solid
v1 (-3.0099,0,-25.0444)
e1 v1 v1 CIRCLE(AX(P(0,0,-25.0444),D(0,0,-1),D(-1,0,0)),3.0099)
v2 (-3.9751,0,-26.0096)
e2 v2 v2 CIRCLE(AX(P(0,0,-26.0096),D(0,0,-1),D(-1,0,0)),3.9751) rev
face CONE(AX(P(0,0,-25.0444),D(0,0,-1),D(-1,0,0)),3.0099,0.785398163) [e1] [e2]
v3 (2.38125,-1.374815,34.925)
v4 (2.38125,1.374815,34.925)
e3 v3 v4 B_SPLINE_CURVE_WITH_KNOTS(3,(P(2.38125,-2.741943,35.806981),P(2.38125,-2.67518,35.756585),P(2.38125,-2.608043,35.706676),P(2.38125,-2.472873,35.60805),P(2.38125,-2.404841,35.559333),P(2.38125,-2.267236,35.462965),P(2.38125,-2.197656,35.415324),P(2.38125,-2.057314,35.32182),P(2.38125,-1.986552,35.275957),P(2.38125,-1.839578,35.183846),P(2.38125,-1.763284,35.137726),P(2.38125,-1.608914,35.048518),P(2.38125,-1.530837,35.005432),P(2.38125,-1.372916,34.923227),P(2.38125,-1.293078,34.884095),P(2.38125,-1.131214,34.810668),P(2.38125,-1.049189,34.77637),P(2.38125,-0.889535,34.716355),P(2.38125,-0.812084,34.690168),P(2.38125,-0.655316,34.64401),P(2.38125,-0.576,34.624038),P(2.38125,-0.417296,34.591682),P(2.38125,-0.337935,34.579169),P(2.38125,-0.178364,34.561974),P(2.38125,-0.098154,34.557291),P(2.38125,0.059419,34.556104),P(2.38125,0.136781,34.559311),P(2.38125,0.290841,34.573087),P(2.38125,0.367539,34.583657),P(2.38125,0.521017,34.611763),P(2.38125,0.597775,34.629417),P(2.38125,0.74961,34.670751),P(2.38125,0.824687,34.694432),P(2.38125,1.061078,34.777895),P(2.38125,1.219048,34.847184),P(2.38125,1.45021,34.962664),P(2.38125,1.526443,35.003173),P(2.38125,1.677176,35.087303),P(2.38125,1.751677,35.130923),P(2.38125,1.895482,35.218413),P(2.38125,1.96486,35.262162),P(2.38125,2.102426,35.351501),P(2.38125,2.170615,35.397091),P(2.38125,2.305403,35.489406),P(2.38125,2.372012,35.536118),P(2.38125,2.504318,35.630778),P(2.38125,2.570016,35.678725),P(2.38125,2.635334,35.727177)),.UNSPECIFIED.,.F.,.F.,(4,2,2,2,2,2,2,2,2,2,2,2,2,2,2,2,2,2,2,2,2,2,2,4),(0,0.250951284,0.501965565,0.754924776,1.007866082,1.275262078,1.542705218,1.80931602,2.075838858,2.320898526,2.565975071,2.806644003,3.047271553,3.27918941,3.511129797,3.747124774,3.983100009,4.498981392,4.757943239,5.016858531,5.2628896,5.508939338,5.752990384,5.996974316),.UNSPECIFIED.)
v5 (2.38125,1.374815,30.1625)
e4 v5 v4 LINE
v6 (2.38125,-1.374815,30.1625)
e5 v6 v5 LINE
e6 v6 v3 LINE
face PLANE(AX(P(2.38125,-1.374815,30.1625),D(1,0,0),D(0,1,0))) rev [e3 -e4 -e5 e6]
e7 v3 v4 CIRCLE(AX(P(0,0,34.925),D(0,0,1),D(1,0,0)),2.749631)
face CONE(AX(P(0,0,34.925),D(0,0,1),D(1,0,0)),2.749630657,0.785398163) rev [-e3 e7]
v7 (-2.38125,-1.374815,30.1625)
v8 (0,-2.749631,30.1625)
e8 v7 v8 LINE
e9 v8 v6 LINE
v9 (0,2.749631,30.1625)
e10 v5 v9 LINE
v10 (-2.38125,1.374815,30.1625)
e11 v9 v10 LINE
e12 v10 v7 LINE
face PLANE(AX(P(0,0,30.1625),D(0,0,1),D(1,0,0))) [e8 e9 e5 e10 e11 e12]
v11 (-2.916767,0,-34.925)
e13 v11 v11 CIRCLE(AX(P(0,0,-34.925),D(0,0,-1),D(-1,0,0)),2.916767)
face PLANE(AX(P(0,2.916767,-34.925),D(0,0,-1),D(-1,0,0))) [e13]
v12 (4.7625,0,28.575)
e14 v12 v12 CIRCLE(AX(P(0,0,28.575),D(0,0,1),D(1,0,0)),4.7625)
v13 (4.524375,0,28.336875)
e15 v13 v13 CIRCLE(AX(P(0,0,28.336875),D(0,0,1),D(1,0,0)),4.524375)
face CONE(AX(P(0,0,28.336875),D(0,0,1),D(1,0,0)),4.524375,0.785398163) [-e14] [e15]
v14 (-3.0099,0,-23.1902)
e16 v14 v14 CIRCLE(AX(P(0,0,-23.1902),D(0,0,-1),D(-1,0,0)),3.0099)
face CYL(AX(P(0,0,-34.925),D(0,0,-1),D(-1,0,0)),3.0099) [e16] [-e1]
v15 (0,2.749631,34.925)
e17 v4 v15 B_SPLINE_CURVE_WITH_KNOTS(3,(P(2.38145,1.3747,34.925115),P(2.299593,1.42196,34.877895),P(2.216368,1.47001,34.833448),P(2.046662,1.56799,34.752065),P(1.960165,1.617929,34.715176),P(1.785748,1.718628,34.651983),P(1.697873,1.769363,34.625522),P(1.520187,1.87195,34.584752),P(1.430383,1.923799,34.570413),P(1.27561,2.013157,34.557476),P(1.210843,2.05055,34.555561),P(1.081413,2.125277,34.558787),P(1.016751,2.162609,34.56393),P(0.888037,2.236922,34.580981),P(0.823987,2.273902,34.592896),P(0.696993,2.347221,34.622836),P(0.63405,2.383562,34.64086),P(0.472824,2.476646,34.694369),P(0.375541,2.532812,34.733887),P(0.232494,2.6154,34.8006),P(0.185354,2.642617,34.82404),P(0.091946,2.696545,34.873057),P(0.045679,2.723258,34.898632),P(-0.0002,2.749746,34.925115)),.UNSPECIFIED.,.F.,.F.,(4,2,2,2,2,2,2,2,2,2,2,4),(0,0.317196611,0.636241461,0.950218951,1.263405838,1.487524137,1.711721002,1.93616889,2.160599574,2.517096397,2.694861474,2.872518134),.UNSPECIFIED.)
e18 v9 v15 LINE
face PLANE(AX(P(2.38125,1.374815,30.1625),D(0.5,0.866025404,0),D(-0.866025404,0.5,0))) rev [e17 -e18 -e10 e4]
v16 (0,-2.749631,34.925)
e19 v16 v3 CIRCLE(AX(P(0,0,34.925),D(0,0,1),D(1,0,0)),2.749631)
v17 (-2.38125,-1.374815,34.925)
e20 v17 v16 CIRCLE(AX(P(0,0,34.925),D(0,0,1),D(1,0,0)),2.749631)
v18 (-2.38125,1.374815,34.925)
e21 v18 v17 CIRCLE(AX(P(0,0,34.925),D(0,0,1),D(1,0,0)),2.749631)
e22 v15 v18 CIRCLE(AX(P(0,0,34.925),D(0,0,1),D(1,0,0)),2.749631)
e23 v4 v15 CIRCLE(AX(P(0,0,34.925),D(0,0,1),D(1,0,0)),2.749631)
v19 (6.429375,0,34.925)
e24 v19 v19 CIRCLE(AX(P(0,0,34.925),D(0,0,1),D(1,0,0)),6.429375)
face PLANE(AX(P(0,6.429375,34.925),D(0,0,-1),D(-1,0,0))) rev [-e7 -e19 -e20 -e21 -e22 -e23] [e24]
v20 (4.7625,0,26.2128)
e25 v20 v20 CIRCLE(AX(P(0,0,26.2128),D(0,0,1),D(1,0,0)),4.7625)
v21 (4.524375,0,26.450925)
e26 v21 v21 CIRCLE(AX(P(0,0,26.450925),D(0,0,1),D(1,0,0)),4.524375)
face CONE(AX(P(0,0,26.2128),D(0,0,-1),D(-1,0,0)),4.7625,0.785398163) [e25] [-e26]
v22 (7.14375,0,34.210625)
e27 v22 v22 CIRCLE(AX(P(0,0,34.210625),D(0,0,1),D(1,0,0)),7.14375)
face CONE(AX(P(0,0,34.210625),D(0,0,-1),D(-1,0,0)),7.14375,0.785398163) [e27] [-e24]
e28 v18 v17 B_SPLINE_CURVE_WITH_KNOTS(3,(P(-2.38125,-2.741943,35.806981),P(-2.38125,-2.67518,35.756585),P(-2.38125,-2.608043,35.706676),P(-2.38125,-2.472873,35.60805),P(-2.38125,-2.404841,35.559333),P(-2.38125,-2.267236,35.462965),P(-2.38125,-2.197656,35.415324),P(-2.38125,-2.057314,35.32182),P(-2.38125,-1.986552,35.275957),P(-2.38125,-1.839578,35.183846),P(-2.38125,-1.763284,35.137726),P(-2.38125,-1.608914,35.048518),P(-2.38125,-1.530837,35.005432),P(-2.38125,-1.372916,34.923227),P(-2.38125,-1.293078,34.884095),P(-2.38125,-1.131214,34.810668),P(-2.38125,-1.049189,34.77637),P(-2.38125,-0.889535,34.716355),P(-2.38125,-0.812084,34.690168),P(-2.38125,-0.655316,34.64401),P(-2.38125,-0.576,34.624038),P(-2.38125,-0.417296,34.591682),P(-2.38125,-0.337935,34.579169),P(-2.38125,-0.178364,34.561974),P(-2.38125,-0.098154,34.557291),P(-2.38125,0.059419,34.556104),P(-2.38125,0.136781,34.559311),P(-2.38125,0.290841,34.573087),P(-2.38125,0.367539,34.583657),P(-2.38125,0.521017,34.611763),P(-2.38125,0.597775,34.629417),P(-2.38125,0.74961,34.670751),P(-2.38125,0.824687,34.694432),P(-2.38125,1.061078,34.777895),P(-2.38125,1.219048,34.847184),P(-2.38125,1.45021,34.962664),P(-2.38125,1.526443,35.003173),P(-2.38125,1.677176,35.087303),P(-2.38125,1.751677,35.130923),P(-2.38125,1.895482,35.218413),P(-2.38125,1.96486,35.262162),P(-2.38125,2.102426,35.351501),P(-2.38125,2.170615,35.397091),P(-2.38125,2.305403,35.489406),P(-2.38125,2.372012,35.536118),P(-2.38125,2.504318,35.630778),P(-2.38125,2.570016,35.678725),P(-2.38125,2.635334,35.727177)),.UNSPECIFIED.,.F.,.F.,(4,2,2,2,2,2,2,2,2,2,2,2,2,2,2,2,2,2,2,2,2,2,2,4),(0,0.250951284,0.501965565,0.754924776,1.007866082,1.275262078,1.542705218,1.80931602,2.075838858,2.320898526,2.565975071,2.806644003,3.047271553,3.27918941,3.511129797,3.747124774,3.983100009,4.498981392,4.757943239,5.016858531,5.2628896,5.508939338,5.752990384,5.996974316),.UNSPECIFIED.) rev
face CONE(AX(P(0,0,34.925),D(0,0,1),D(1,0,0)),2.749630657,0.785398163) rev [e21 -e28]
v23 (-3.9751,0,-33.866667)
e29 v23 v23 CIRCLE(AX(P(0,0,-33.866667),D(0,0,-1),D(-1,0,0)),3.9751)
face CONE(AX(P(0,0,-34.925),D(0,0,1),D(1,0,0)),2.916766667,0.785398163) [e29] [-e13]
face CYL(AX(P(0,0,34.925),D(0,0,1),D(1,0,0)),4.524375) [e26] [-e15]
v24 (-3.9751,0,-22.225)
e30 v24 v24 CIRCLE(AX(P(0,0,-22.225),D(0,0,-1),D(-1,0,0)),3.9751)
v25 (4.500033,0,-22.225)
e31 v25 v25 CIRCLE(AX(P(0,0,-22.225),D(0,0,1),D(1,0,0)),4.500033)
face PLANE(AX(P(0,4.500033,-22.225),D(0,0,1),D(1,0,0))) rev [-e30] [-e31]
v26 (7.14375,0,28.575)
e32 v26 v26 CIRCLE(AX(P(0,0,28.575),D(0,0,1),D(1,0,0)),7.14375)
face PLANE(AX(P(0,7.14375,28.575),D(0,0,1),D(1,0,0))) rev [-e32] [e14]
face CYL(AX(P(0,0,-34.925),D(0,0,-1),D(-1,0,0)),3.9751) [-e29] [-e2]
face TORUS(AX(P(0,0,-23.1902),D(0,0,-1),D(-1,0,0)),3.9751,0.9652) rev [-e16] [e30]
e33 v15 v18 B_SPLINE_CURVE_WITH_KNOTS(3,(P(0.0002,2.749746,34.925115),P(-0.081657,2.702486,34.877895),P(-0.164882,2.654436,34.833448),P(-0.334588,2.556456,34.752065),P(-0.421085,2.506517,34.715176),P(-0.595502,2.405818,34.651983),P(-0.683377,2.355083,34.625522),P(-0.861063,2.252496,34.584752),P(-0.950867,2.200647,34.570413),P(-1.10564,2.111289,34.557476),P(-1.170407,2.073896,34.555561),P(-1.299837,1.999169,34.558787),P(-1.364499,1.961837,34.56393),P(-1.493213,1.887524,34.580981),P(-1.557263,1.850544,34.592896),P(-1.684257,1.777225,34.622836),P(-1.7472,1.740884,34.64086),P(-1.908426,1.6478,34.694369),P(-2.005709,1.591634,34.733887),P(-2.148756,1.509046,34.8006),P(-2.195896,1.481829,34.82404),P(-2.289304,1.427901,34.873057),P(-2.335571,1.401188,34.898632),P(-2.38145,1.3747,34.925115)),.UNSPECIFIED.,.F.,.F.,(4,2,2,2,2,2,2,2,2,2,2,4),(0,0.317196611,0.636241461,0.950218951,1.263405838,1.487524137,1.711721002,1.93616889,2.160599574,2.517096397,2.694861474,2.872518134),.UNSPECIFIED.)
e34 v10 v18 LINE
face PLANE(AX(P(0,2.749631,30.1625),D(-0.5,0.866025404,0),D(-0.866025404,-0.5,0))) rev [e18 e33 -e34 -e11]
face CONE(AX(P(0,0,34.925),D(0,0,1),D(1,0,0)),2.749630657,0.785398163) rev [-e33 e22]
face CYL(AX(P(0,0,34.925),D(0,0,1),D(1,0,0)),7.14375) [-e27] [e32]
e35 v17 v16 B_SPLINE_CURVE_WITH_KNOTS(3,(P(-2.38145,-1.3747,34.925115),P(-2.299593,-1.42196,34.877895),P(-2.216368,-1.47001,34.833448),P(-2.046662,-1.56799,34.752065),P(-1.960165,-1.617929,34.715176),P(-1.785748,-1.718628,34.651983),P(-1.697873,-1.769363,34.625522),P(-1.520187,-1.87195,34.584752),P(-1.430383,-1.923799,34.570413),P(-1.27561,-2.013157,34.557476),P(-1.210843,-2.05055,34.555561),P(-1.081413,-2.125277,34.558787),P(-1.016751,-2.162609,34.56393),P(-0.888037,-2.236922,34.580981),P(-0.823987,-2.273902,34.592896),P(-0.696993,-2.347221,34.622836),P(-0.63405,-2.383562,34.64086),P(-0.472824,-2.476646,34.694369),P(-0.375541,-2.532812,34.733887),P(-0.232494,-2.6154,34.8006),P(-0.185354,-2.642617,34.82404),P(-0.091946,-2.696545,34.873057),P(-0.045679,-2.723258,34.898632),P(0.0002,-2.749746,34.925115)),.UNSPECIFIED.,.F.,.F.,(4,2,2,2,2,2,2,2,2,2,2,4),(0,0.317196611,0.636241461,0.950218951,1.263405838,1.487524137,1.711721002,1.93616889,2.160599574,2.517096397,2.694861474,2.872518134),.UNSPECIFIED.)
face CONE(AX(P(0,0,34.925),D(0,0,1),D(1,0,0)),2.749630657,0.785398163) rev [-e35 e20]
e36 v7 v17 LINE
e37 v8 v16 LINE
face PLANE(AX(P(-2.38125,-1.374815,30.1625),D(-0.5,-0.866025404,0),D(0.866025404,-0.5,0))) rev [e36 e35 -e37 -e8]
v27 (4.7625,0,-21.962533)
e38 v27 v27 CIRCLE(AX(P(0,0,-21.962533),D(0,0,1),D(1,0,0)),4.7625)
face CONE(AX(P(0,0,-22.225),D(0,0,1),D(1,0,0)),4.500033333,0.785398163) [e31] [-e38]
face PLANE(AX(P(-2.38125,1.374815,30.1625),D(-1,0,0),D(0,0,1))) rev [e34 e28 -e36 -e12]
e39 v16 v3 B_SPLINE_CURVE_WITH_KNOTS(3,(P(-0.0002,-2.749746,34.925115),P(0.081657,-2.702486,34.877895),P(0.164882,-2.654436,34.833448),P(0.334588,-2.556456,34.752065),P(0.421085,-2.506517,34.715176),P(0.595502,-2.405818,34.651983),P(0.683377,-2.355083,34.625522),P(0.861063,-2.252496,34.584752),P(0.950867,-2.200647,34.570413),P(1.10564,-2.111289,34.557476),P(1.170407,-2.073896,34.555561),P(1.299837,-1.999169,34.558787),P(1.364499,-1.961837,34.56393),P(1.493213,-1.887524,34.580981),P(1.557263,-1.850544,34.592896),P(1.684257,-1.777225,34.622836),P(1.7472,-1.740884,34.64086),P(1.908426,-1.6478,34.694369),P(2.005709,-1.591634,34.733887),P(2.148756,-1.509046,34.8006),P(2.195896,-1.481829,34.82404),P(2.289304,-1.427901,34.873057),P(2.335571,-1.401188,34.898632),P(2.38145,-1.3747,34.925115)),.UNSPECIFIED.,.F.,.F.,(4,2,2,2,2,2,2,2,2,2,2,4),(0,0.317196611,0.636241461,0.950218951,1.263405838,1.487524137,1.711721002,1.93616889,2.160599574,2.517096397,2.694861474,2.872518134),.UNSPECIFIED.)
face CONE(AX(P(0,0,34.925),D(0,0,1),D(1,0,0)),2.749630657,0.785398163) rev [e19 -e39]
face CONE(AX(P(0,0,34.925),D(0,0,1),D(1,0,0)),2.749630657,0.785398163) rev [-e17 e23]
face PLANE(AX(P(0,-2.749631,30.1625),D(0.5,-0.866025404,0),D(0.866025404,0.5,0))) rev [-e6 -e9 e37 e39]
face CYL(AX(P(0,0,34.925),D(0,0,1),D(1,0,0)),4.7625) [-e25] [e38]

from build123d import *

# Parameters (mm, degrees)
CUT_EXTRUDE1_DEPTH = 4.7625


with BuildPart() as part:
    # Sketch4 → Revolve1 (revolve)
    with BuildSketch(Plane(origin=(0, 0, 0), x_dir=(0, 0, -1), z_dir=(1, 0, 0))):
        Polygon((-28.575, 7.14375), (-34.210625, 7.14375), (-34.925, 6.429375), (-34.925, 0), (22.225, 0), (22.225, 4.500033333), (21.962533333, 4.7625), (-26.2128, 4.7625), (-26.450925, 4.524375), (-28.336875, 4.524375), (-28.575, 4.7625), align=None)
    revolve(axis=Axis((0, 0, 34.925), (0, 0, -1)))

    # Sketch5 → Cut-Extrude1 (cut)
    with BuildSketch(Plane.XY.offset(34.925)):
        Polygon((2.38125, 1.374815329), (0, 2.749630657), (-2.38125, 1.374815329), (-2.38125, -1.374815329), (0, -2.749630657), (2.38125, -1.374815329), align=None)
    extrude(amount=-CUT_EXTRUDE1_DEPTH, mode=Mode.SUBTRACT)

    # Cut-Extrude4 cone 1 section (through the dimple's axis) → Cut-Extrude4 (revolve, cut)
    with BuildSketch(Plane(origin=(0, 0, 34.925), x_dir=(0, -1, 0), z_dir=(1, 0, 0))):
        Polygon((0, 0), (2.749630657, 0), (0, 2.749630657), align=None)
    revolve(axis=Axis((0, 0, 34.925), (0, 0, -1)), mode=Mode.SUBTRACT)

    # Sketch7 → Revolve2 (revolve)
    with BuildSketch(Plane(origin=(0, 0, 0), x_dir=(0, 0, -1), z_dir=(1, 0, 0))):
        Polygon((22.225, 3.9751), (33.866666667, 3.9751), (34.925, 2.916766667), (34.925, 0), (22.225, 0), align=None)
    revolve(axis=Axis((0, 0, -34.925), (0, 0, 1)))

    # Sketch10 → Cut-Revolve1 (revolve, cut)
    with BuildSketch(Plane(origin=(0, 0, 0), x_dir=(0, 0, -1), z_dir=(1, 0, 0))):
        with BuildLine():
            Line((23.1902, 3.0099), (25.0444, 3.0099))
            Line((25.0444, 3.0099), (26.797, 4.7625))
            Line((26.797, 4.7625), (22.225, 4.7625))
            Line((22.225, 4.7625), (22.225, 3.9751))
            ThreePointArc((22.225, 3.9751), (22.507700535, 3.292600535), (23.1902, 3.0099))
        make_face()
    revolve(axis=Axis((0, 0, -34.925), (0, 0, 1)), mode=Mode.SUBTRACT)


solid = part.part
